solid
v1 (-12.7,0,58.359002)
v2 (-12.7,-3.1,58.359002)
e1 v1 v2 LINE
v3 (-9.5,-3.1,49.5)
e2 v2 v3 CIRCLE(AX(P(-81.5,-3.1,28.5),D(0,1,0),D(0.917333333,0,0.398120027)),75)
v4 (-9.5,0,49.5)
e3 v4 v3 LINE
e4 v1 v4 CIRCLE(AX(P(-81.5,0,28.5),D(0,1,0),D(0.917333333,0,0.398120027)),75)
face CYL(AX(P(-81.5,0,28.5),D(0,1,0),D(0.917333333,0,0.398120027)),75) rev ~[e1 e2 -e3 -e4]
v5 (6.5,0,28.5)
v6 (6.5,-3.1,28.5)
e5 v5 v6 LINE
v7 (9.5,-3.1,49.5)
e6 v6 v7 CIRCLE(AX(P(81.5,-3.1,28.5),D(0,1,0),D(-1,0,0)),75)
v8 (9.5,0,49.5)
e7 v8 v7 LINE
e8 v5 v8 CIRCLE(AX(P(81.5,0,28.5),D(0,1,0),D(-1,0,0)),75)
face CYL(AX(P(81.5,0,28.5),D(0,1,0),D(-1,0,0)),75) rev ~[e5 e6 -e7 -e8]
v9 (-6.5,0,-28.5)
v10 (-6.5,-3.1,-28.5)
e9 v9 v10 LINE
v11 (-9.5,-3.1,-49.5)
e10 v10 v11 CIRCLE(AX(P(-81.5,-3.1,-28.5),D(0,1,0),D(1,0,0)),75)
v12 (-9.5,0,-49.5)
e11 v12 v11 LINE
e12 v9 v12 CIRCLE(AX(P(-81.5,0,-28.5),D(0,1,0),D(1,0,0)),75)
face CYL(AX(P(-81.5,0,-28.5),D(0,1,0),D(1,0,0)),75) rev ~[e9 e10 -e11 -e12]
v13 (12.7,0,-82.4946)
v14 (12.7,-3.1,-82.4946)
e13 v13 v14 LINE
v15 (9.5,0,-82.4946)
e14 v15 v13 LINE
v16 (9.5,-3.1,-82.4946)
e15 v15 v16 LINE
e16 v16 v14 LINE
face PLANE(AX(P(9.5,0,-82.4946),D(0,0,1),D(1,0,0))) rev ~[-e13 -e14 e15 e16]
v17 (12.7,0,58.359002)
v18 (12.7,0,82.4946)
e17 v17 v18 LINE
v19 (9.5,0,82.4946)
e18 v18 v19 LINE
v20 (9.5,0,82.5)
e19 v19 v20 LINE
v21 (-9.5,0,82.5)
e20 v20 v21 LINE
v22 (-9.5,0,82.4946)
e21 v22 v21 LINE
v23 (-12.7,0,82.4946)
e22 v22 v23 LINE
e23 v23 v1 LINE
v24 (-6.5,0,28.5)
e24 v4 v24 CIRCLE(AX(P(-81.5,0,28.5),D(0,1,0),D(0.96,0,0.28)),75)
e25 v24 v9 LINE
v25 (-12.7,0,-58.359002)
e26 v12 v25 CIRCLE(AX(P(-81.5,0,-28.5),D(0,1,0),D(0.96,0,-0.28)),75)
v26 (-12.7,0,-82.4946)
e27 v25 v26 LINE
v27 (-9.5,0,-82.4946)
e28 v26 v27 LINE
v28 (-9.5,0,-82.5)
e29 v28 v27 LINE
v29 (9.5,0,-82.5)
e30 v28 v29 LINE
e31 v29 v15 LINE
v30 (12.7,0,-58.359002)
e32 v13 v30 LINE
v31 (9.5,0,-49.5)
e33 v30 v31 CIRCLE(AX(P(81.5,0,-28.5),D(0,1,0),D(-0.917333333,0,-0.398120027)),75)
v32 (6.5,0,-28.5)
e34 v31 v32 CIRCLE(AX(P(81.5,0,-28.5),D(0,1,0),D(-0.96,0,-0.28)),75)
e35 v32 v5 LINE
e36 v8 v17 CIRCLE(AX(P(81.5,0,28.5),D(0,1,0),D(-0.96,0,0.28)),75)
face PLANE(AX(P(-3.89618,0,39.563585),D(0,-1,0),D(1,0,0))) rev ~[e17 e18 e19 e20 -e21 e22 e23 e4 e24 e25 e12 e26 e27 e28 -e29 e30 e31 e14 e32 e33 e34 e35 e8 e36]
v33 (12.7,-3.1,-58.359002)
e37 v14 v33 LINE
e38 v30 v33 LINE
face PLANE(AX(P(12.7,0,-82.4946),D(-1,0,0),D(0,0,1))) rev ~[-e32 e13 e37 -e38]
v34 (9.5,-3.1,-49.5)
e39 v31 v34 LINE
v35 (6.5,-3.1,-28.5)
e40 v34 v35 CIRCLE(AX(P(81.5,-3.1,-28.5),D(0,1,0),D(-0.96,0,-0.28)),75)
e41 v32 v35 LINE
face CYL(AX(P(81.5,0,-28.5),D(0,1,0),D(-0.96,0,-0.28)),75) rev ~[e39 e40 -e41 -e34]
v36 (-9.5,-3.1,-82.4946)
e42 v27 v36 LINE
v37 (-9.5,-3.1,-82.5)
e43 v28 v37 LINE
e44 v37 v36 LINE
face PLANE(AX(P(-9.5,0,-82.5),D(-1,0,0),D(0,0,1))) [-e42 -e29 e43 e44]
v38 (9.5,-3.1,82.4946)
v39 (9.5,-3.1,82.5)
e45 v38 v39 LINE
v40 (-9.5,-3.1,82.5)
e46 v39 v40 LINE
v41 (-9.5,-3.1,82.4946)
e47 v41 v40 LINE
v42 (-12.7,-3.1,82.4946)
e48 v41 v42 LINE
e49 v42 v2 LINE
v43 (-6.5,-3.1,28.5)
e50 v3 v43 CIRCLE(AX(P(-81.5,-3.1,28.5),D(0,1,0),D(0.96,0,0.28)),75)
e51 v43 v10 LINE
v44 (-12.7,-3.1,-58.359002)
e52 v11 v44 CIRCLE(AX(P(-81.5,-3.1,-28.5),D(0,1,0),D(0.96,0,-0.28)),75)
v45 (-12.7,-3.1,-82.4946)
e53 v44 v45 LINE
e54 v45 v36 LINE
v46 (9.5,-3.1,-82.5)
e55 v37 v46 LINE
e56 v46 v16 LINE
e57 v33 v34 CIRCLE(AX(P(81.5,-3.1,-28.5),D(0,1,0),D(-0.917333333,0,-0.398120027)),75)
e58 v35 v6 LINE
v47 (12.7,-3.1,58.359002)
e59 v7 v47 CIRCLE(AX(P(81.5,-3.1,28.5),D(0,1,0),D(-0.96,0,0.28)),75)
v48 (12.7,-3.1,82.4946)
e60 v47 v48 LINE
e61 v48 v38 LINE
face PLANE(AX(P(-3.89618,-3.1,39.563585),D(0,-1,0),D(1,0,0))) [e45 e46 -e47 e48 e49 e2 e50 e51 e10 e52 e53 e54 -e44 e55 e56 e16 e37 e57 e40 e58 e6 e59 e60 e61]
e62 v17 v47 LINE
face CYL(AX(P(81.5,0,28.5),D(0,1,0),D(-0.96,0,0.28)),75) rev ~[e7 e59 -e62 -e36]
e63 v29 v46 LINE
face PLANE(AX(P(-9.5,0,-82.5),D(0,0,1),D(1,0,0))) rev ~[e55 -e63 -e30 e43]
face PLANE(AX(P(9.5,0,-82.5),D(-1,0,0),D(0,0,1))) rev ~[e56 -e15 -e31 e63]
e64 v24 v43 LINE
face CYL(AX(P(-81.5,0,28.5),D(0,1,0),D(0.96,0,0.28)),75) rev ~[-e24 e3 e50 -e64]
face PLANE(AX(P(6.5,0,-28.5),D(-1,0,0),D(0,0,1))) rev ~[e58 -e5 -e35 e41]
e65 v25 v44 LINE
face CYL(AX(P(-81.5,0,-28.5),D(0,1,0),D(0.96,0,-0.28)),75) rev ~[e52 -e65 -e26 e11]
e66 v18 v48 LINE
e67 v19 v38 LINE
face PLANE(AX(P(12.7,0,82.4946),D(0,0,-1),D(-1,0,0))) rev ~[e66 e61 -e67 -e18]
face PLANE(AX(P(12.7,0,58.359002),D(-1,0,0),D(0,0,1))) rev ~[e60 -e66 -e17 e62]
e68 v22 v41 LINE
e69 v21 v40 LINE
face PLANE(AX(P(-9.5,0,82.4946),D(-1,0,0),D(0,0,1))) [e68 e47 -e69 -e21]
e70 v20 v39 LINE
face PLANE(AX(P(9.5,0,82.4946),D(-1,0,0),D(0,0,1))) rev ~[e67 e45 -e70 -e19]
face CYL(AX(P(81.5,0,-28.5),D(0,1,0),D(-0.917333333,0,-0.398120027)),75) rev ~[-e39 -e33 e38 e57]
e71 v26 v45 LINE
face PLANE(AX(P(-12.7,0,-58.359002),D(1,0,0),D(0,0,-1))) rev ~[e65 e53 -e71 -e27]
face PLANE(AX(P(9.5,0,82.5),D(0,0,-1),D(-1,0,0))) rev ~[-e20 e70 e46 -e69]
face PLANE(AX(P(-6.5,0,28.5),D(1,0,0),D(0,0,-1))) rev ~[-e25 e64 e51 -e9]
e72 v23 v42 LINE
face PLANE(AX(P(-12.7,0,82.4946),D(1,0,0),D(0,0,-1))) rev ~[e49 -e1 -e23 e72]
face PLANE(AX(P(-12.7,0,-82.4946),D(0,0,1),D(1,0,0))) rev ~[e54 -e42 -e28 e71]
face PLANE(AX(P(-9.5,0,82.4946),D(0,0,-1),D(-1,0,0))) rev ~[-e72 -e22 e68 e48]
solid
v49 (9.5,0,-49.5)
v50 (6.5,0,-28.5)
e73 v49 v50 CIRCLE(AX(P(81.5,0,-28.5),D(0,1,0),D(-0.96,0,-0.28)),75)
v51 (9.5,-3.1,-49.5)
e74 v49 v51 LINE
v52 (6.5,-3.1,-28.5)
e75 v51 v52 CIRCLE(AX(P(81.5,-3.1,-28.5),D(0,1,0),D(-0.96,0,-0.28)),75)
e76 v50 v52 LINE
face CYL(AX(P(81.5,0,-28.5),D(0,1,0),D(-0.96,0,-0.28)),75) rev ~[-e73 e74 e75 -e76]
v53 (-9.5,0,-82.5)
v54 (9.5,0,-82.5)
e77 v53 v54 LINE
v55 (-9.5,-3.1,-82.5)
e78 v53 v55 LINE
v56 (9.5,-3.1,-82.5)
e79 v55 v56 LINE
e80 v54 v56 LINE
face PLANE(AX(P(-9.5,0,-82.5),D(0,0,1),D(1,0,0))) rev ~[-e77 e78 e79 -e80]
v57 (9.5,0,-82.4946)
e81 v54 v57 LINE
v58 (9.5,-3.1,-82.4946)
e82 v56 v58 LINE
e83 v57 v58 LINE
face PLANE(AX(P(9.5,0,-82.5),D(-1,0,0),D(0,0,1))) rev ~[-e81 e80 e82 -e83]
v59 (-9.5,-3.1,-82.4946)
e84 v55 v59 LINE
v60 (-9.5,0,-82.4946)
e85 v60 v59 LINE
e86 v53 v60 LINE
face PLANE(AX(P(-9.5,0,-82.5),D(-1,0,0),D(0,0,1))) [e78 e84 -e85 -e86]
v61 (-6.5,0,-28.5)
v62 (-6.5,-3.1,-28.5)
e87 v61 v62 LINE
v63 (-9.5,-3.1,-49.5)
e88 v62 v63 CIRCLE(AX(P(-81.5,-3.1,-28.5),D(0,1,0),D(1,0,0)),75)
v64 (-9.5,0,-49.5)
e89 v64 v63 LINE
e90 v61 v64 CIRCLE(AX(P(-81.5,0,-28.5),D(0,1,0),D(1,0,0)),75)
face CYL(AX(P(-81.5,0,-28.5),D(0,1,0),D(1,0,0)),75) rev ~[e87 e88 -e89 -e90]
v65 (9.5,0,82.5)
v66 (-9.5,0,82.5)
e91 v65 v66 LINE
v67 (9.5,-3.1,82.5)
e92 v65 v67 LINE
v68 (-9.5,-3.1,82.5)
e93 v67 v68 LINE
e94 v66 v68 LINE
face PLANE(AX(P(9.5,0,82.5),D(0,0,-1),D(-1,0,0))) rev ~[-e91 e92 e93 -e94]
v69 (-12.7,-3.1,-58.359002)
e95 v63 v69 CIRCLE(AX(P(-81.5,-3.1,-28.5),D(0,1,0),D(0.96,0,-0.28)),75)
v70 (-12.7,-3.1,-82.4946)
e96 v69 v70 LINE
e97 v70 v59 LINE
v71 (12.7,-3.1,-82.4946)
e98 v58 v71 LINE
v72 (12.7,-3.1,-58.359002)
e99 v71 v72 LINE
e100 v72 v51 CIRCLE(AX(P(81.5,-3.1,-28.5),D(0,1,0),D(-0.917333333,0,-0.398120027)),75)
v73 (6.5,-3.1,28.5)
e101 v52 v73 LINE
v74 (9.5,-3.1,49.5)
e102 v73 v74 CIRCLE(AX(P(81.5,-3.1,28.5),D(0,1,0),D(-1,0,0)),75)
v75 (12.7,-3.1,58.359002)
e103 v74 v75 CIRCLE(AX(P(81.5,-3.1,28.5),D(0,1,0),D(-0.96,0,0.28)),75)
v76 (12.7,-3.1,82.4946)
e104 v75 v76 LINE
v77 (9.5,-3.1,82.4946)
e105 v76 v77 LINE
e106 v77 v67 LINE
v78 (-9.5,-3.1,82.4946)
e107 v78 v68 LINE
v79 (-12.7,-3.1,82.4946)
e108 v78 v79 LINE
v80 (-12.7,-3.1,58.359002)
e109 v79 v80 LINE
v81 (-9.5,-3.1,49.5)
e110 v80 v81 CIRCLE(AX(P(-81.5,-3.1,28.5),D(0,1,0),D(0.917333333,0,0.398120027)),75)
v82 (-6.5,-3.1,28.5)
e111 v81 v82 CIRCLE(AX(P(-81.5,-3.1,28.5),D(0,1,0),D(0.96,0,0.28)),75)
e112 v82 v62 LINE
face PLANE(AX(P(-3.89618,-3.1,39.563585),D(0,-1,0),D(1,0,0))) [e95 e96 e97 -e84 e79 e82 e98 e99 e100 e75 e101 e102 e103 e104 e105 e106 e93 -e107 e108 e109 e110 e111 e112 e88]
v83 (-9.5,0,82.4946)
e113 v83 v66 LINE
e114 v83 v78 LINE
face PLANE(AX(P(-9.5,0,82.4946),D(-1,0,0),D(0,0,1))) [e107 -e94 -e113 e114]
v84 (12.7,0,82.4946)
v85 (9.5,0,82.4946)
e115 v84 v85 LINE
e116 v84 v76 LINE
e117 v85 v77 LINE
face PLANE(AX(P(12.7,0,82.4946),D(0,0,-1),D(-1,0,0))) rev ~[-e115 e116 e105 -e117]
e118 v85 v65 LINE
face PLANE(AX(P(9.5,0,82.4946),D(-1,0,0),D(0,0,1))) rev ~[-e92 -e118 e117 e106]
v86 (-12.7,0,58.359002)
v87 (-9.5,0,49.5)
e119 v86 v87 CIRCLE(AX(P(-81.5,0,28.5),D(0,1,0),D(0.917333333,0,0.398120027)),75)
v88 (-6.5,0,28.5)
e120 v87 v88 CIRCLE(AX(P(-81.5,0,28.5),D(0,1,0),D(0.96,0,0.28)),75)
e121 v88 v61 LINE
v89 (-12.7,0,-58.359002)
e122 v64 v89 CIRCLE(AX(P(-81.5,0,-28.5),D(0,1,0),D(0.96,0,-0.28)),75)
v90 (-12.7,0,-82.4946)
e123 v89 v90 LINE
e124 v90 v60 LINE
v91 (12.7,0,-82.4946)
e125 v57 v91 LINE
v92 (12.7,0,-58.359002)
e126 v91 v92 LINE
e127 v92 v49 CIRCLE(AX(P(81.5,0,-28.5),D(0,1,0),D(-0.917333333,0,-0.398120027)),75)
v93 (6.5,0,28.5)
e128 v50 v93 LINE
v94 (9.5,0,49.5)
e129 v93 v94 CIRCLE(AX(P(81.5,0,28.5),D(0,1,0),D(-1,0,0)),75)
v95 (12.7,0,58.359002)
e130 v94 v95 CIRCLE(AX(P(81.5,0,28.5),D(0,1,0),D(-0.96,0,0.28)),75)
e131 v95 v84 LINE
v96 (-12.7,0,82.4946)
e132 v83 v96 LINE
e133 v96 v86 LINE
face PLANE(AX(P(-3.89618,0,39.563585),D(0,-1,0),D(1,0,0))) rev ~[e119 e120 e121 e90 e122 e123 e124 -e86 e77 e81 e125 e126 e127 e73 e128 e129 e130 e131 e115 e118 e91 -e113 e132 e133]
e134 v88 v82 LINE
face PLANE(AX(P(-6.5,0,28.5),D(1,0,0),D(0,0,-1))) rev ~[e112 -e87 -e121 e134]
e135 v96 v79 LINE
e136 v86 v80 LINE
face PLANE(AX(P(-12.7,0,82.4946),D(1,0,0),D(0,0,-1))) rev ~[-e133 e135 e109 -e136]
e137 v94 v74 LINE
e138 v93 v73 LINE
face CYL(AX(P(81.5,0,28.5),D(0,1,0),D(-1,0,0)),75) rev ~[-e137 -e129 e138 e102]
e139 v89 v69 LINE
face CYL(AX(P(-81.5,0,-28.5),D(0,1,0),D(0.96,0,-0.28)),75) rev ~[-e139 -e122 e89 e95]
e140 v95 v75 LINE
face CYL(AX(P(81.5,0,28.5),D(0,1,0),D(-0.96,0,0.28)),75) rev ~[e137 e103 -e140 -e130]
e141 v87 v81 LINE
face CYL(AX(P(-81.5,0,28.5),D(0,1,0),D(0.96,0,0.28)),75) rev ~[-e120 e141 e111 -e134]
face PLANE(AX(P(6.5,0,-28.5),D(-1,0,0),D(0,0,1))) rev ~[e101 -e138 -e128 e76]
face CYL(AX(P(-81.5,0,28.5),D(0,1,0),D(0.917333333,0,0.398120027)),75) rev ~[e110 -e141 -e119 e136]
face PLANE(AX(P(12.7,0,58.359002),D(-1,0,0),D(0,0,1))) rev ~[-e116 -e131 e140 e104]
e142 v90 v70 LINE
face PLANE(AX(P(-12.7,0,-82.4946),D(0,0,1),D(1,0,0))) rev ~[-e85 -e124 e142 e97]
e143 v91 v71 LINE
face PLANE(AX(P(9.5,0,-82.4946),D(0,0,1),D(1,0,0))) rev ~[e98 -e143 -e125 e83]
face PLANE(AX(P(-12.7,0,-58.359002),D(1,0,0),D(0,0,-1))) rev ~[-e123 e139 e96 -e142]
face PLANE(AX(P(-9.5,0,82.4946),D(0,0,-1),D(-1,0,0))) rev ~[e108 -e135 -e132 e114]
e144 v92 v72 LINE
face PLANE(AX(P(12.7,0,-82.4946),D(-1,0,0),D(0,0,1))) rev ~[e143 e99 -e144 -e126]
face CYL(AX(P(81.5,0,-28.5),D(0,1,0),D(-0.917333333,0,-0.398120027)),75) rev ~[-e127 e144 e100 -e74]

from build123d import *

# Parameters (mm, degrees)
F0_W     = 6.5
F0_H     = 28.5
F0_W_2   = 9.5
F0_H_2   = 32.9946
F0_H_3   = 0.0054
F1_DEPTH = 3.1
F2_DEPTH = 3.1


with BuildPart() as f1:
    # F0 (on Front) → F1 (new body)
    with BuildSketch(Plane.XZ):
        with BuildLine():
            ThreePointArc((-9.5, 49.5), (-7.2537879754, 39.1066017178), (-6.5, 28.5))
            Line((-6.5, 28.5), (0, 28.5))
            Line((0, 28.5), (0, 49.5))
            Line((0, 49.5), (-9.5, 49.5))
        make_face()
        with Locations((-3.25, 14.25)):
            Rectangle(F0_W, F0_H)
        with Locations((3.25, 14.25)):
            Rectangle(F0_W, F0_H)
        with BuildLine():
            Line((0, 49.5), (0, 28.5))
            Line((0, 28.5), (6.5, 28.5))
            ThreePointArc((6.5, 28.5), (7.2537879754, 39.1066017178), (9.5, 49.5))
            Line((9.5, 49.5), (0, 49.5))
        make_face()
        with Locations((-3.25, -14.25)):
            Rectangle(F0_W, F0_H)
        with Locations((-4.75, 65.9973)):
            Rectangle(F0_W_2, F0_H_2)
        with BuildLine():
            ThreePointArc((-12.7, 58.3590019927), (-10.9607876492, 53.9797865164), (-9.5, 49.5))
            Line((-9.5, 49.5), (-9.5, 82.4946))
            Line((-9.5, 82.4946), (-12.7, 82.4946))
            Line((-12.7, 82.4946), (-12.7, 58.3590019927))
        make_face()
        with Locations((3.25, -14.25)):
            Rectangle(F0_W, F0_H)
        with Locations((4.75, 65.9973)):
            Rectangle(F0_W_2, F0_H_2)
        with BuildLine():
            Line((0, -28.5), (-6.5, -28.5))
            ThreePointArc((-6.5, -28.5), (-7.2537879754, -39.1066017178), (-9.5, -49.5))
            Line((-9.5, -49.5), (0, -49.5))
            Line((0, -49.5), (0, -28.5))
        make_face()
        with Locations((-4.75, 82.4973)):
            Rectangle(F0_W_2, F0_H_3)
        with BuildLine():
            Line((6.5, -28.5), (0, -28.5))
            Line((0, -28.5), (0, -49.5))
            Line((0, -49.5), (9.5, -49.5))
            ThreePointArc((9.5, -49.5), (7.2537879754, -39.1066017178), (6.5, -28.5))
        make_face()
        with Locations((4.75, 82.4973)):
            Rectangle(F0_W_2, F0_H_3)
        with BuildLine():
            Line((9.5, 82.4946), (9.5, 49.5))
            ThreePointArc((9.5, 49.5), (10.9607876492, 53.9797865164), (12.7, 58.3590019927))
            Line((12.7, 58.3590019927), (12.7, 82.4946))
            Line((12.7, 82.4946), (9.5, 82.4946))
        make_face()
        Polygon((0, -49.5), (-9.5, -49.5), (-9.5, -82.4946), (0, -82.4946), (0, -55.7), align=None)
        with BuildLine():
            Line((-9.5, -82.4946), (-9.5, -49.5))
            ThreePointArc((-9.5, -49.5), (-10.9607876492, -53.9797865164), (-12.7, -58.3590019927))
            Line((-12.7, -58.3590019927), (-12.7, -82.4946))
            Line((-12.7, -82.4946), (-9.5, -82.4946))
        make_face()
        Polygon((9.5, -49.5), (0, -49.5), (0, -55.7), (0, -82.4946), (9.5, -82.4946), align=None)
        with Locations((-4.75, -82.4973)):
            Rectangle(F0_W_2, F0_H_3)
        with BuildLine():
            ThreePointArc((12.7, -58.3590019927), (10.9607876492, -53.9797865164), (9.5, -49.5))
            Line((9.5, -49.5), (9.5, -82.4946))
            Line((9.5, -82.4946), (12.7, -82.4946))
            Line((12.7, -82.4946), (12.7, -58.3590019927))
        make_face()
        with Locations((4.75, -82.4973)):
            Rectangle(F0_W_2, F0_H_3)
    extrude(amount=F1_DEPTH)


with BuildPart() as f2:
    # F0 (on Front) → F2 (new body)
    with BuildSketch(Plane.XZ):
        with BuildLine():
            ThreePointArc((-9.5, 49.5), (-7.2537879754, 39.1066017178), (-6.5, 28.5))
            Line((-6.5, 28.5), (0, 28.5))
            Line((0, 28.5), (0, 49.5))
            Line((0, 49.5), (-9.5, 49.5))
        make_face()
        with Locations((-3.25, 14.25)):
            Rectangle(F0_W, F0_H)
        with Locations((3.25, 14.25)):
            Rectangle(F0_W, F0_H)
        with BuildLine():
            Line((0, 49.5), (0, 28.5))
            Line((0, 28.5), (6.5, 28.5))
            ThreePointArc((6.5, 28.5), (7.2537879754, 39.1066017178), (9.5, 49.5))
            Line((9.5, 49.5), (0, 49.5))
        make_face()
        with Locations((-3.25, -14.25)):
            Rectangle(F0_W, F0_H)
        with Locations((-4.75, 65.9973)):
            Rectangle(F0_W_2, F0_H_2)
        with BuildLine():
            ThreePointArc((-12.7, 58.3590019927), (-10.9607876492, 53.9797865164), (-9.5, 49.5))
            Line((-9.5, 49.5), (-9.5, 82.4946))
            Line((-9.5, 82.4946), (-12.7, 82.4946))
            Line((-12.7, 82.4946), (-12.7, 58.3590019927))
        make_face()
        with Locations((3.25, -14.25)):
            Rectangle(F0_W, F0_H)
        with Locations((4.75, 65.9973)):
            Rectangle(F0_W_2, F0_H_2)
        with BuildLine():
            Line((0, -28.5), (-6.5, -28.5))
            ThreePointArc((-6.5, -28.5), (-7.2537879754, -39.1066017178), (-9.5, -49.5))
            Line((-9.5, -49.5), (0, -49.5))
            Line((0, -49.5), (0, -28.5))
        make_face()
        with Locations((-4.75, 82.4973)):
            Rectangle(F0_W_2, F0_H_3)
        with BuildLine():
            Line((6.5, -28.5), (0, -28.5))
            Line((0, -28.5), (0, -49.5))
            Line((0, -49.5), (9.5, -49.5))
            ThreePointArc((9.5, -49.5), (7.2537879754, -39.1066017178), (6.5, -28.5))
        make_face()
        with Locations((4.75, 82.4973)):
            Rectangle(F0_W_2, F0_H_3)
        with BuildLine():
            Line((9.5, 82.4946), (9.5, 49.5))
            ThreePointArc((9.5, 49.5), (10.9607876492, 53.9797865164), (12.7, 58.3590019927))
            Line((12.7, 58.3590019927), (12.7, 82.4946))
            Line((12.7, 82.4946), (9.5, 82.4946))
        make_face()
        Polygon((0, -49.5), (-9.5, -49.5), (-9.5, -82.4946), (0, -82.4946), (0, -55.7), align=None)
        with BuildLine():
            Line((-9.5, -82.4946), (-9.5, -49.5))
            ThreePointArc((-9.5, -49.5), (-10.9607876492, -53.9797865164), (-12.7, -58.3590019927))
            Line((-12.7, -58.3590019927), (-12.7, -82.4946))
            Line((-12.7, -82.4946), (-9.5, -82.4946))
        make_face()
        Polygon((9.5, -49.5), (0, -49.5), (0, -55.7), (0, -82.4946), (9.5, -82.4946), align=None)
        with Locations((-4.75, -82.4973)):
            Rectangle(F0_W_2, F0_H_3)
        with BuildLine():
            ThreePointArc((12.7, -58.3590019927), (10.9607876492, -53.9797865164), (9.5, -49.5))
            Line((9.5, -49.5), (9.5, -82.4946))
            Line((9.5, -82.4946), (12.7, -82.4946))
            Line((12.7, -82.4946), (12.7, -58.3590019927))
        make_face()
        with Locations((4.75, -82.4973)):
            Rectangle(F0_W_2, F0_H_3)
    extrude(amount=F2_DEPTH)


solid = Compound([f1.part, f2.part])
